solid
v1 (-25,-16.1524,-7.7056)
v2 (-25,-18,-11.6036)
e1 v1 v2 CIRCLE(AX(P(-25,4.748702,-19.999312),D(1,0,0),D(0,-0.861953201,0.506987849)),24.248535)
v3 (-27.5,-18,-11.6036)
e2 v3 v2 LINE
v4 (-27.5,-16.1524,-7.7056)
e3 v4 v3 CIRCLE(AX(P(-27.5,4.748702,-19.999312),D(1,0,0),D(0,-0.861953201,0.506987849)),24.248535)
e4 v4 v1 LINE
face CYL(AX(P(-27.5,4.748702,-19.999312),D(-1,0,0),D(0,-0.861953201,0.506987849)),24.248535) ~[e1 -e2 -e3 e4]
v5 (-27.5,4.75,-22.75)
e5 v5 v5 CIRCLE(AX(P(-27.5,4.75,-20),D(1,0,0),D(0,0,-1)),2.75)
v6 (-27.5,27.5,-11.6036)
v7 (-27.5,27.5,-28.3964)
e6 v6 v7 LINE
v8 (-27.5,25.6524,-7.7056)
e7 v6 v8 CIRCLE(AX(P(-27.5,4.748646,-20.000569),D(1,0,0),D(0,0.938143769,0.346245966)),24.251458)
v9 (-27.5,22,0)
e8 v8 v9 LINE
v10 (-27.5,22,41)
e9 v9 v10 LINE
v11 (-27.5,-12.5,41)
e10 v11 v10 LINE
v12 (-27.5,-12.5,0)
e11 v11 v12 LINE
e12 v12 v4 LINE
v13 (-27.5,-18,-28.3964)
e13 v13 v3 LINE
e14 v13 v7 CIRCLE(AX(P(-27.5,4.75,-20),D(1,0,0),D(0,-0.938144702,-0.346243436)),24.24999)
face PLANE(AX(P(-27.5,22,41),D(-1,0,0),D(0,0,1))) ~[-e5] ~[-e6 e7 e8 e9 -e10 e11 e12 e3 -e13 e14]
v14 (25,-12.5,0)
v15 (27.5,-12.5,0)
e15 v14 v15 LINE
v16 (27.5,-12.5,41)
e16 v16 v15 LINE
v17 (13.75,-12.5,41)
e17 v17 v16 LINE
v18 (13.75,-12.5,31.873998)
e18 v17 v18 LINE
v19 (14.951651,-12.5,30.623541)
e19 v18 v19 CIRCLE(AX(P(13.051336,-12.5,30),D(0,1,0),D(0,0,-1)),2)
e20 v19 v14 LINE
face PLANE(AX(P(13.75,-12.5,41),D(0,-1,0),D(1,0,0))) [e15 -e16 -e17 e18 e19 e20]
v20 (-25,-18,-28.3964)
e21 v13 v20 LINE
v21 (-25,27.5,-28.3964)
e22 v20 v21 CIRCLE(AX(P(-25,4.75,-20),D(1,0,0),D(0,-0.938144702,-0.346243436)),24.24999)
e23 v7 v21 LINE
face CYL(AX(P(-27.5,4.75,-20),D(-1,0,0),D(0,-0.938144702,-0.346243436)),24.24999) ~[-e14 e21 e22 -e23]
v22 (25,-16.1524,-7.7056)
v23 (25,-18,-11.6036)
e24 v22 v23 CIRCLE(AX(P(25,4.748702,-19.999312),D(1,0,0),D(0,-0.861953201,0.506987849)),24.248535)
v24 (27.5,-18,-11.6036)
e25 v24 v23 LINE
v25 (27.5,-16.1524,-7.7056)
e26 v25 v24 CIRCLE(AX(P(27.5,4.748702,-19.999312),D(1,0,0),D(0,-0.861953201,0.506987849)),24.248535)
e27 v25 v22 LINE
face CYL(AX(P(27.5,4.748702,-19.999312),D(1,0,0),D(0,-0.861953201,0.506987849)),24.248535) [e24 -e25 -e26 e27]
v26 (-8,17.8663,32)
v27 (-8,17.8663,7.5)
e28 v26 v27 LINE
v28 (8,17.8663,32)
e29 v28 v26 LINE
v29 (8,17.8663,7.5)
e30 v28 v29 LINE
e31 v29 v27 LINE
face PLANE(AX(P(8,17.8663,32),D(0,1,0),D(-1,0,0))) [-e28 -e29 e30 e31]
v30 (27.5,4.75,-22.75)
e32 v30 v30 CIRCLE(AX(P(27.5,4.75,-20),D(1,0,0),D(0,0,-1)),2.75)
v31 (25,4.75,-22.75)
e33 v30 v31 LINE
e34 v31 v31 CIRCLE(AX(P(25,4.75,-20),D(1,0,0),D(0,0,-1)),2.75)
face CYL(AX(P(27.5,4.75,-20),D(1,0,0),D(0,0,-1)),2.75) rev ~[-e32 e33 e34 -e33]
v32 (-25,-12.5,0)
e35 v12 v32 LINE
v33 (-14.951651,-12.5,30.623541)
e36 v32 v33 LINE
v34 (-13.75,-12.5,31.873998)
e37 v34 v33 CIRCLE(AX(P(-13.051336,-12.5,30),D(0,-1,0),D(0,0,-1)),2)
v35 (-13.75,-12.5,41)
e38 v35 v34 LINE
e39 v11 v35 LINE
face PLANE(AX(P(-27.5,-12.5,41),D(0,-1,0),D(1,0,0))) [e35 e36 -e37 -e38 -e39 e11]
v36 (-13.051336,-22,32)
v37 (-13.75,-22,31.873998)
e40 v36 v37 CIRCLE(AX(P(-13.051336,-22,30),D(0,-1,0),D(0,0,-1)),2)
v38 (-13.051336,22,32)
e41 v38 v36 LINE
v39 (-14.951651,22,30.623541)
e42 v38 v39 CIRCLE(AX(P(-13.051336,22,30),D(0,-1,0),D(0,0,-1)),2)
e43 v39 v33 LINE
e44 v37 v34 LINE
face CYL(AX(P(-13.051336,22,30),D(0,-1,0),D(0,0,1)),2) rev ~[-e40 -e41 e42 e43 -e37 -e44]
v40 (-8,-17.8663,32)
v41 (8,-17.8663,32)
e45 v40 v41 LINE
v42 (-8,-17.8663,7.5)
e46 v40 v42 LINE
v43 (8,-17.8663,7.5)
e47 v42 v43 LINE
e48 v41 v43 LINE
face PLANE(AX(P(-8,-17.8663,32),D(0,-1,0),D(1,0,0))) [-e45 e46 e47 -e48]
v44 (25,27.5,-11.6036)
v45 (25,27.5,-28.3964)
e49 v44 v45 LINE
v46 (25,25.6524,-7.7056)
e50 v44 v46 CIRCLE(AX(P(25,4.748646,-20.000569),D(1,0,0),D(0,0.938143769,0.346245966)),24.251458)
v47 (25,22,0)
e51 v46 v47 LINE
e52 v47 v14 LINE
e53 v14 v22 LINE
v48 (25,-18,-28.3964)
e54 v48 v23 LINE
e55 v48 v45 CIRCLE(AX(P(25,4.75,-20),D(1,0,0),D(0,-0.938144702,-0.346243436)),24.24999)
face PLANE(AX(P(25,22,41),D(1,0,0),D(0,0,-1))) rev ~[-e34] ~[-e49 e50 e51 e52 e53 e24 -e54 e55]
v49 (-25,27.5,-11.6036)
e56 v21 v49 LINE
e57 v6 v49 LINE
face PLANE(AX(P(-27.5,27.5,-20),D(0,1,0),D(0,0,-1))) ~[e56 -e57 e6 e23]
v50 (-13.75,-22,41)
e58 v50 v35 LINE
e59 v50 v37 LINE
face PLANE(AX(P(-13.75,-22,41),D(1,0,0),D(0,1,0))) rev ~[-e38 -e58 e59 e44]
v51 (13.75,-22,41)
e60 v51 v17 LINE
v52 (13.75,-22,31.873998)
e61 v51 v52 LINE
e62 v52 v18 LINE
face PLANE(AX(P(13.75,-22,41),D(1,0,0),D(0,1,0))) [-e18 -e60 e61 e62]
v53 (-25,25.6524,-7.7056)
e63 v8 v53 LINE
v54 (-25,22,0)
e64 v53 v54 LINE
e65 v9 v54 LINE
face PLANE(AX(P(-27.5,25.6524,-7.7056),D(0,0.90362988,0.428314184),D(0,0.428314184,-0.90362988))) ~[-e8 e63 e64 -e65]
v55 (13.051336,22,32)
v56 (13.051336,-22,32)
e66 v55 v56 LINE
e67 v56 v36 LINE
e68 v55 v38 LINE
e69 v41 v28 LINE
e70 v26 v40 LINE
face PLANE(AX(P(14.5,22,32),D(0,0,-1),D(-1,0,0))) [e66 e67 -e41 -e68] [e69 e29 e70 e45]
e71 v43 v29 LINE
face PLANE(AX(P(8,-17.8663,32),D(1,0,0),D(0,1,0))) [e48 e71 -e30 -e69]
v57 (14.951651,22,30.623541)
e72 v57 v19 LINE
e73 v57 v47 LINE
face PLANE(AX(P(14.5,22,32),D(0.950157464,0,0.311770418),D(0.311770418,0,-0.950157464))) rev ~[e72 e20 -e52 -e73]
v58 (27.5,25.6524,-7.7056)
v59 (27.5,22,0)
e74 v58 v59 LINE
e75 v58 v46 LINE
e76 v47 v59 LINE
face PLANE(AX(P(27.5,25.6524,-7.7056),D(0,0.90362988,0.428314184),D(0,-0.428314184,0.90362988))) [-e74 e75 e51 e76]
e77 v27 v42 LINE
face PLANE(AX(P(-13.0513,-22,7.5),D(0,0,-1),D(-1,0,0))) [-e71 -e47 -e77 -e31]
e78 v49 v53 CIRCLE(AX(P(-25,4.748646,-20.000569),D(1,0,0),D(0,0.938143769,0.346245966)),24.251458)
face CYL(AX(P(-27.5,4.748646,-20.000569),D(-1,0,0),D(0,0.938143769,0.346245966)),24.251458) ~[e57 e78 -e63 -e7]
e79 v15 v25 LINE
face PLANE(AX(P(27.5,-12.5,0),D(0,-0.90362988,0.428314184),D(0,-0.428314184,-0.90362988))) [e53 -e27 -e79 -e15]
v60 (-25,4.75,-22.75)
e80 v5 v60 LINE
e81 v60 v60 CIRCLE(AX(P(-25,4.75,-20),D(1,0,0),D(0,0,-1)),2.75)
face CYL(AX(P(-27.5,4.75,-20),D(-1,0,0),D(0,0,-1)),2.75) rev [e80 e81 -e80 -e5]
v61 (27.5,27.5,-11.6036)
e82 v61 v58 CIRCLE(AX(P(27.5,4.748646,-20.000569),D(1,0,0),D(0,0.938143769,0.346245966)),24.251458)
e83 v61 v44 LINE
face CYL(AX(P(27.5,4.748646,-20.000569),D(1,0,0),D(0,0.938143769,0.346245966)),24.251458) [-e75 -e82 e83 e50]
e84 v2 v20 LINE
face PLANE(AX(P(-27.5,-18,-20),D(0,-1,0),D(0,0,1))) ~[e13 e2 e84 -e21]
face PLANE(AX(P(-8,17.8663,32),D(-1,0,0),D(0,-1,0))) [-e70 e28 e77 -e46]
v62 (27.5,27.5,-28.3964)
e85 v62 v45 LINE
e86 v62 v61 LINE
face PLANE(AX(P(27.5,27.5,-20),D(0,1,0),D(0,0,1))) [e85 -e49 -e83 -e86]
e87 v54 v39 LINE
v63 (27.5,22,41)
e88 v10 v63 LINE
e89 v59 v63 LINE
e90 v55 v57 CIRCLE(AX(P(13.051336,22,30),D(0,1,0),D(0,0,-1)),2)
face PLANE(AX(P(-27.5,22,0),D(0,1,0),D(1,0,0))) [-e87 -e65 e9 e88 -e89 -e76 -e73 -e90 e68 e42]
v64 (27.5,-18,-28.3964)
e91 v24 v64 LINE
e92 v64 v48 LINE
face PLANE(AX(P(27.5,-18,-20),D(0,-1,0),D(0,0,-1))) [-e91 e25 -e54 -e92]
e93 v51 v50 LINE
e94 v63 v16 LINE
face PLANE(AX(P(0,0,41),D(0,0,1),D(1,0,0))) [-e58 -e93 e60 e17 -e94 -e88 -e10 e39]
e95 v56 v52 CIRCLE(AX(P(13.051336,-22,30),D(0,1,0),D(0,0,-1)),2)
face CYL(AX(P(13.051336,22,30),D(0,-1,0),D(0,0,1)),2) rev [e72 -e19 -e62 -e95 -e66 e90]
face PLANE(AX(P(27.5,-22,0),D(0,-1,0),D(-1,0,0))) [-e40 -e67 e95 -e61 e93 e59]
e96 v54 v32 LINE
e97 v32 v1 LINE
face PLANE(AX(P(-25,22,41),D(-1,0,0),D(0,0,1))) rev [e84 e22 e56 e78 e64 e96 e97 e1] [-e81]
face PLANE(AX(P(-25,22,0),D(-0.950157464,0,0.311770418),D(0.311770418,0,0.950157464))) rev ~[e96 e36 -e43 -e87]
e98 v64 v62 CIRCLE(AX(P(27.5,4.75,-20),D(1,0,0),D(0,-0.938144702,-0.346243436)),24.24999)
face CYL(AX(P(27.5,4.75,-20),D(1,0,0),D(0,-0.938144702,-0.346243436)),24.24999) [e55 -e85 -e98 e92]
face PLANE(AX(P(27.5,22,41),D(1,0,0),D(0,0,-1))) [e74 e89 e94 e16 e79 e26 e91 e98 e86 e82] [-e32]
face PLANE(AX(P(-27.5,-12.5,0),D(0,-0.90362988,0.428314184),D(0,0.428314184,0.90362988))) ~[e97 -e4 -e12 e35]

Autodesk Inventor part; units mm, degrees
sketch "Sketch1" plane through (0, 0, 0) normal (0, 0, 1) x (1, 0, 0)
  line L0 (-27.5, 22) -> (27.5, 22)
  line L1 (27.5, 22) -> (27.5, -22)
  line L2 (27.5, -22) -> (-27.5, -22)
  line L3 (-27.5, -22) -> (-27.5, 22)
  line L4 (-27.5, 22) -> (27.5, -22) construction
  line L5 (27.5, 22) -> (-27.5, -22) construction
  point P0 (0, 0)
  dimension "d0" = 55
  dimension "d1" = 44
extrude "Extrusion1" add sketch "Sketch1" along normal blind 41
ref_plane "Work Plane2" through (-27.5, 22, 41) normal (0, 1, 0) x (1, 0, 0)
sketch "Sketch4" plane through (-27.5, 22, 41) normal (0, 1, 0) x (1, 0, 0)
  line L0 (42, 9) -> (13, 9)
  line L1 (2.5, 41) -> (13, 9)
  line L2 (42, 9) -> (52.5, 41)
  line L3 (2.5, 41) -> (52.5, 41)
  point P0 (27.5, 41)
  point P1 (55, 41)
extrude "Extrusion2" cut sketch "Sketch4" against normal blind 44
ref_plane "Work Plane4" through (-27.5, 22, 41) normal (0, 0, 1) x (1, 0, 0)
sketch "Sketch6" plane through (-27.5, 22, 41) normal (0, 0, 1) x (1, 0, 0)
  line L0 (0, 0) -> (0, -44) projected
  line L1 (0, -44) -> (0, -34.5)
  line L2 (55, -34.5) -> (55, -44)
  line L3 (13.75, -44) -> (13.75, -34.5)
  line L4 (41.25, -44) -> (41.25, -34.5)
  line L5 (0, -34.5) -> (13.75, -34.5)
  line L6 (41.25, -34.5) -> (55, -34.5)
  line L7 (55, -44) -> (41.25, -44)
  line L8 (13.75, -44) -> (0, -44)
  point P0 (27.5, -22)
extrude "Extrusion3" cut sketch "Sketch6" against normal blind 44
fillet "Fillet1" radius 2 1 edges at (14.5, 4.75, 32)
fillet "Fillet2" radius 2 1 edges at (-14.5, 4.75, 32)
sketch "Sketch7" plane through (27.5, 22, 41) normal (1, 0, 0) x (0, 0, -1)
  line L0 (41, 0) -> (41, -34.5)
  line L1 (61, 5.5) -> (52.6036, 5.5)
  line L2 (61, 5.5) -> (69.3964, 5.5)
  line L3 (61, -40) -> (52.6036, -40)
  line L4 (61, -40) -> (69.3964, -40)
  circle A0 centre (61, -17.25) radius 2.75
  line L5 (48.7056, 3.6524) -> (41, 0)
  line L6 (41, -34.5) -> (48.7056, -38.1524)
  arc A1 (69.3964, -40) -> (69.3964, 5.5) centre (61, -17.25) ccw
  arc A2 (52.6036, 5.5) -> (48.7056, 3.6524) centre (61, -17.25) ccw
  arc A3 (48.7056, -38.1524) -> (52.6036, -40) centre (61, -17.25) ccw
  line L7 (41, 0) -> (41, -34.5) projected
  point P0 (0, -22)
  dimension "d25" = 5.5
ref_plane "Work Plane6" through (0, -22, 32) normal (1, 0, 0) x (0, 1, 0)
extrude "Extrusion4" add sketch "Sketch7" against normal blind 2.5
mirror "Mirror1" about plane through (0, -22, 32) normal (1, 0, 0) of "Extrusion4"
sketch "Sketch14" plane through (0, -22, 32) normal (1, 0, 0) x (0, 1, 0)
  point P0 (22, -32)
ref_plane "Work Plane11" through (-13.0513, -22, 32) normal (0, 0, -1) x (-1, 0, 0)
sketch "Sketch15" plane through (-13.0513, -22, 32) normal (0, 0, -1) x (-1, 0, 0)
  line L0 (-21.0513, 39.8663) -> (-5.0513, 39.8663)
  line L1 (-5.0513, 39.8663) -> (-5.0513, 4.1337)
  line L2 (-5.0513, 4.1337) -> (-21.0513, 4.1337)
  line L3 (-21.0513, 4.1337) -> (-21.0513, 39.8663)
  line L4 (-21.0513, 39.8663) -> (-5.0513, 4.1337) construction
  line L5 (-5.0513, 39.8663) -> (-21.0513, 4.1337) construction
  point P0 (-13.0513, 22)
  dimension "d49" = 16
extrude "Extrusion8" add sketch "Sketch15" along normal blind 24.5
sketch "Sketch10" plane through (27.5, 22, 41) normal (0, 0, 1) x (1, 0, 0)
  line L0 (-52, -17.25) -> (-52, -10.25)
  line L1 (-52, -17.25) -> (-52, -24.25)
  line L2 (-52, -10.25) -> (-47.299, -10.25)
  line L3 (-52, -24.25) -> (-47.299, -24.25)
  line L4 (-3, -17.25) -> (-3, -10.25)
  line L5 (-3, -17.25) -> (-3, -24.25)
  line L6 (-3, -10.25) -> (-7.701, -10.25)
  line L7 (-3, -24.25) -> (-7.701, -24.25)
  arc A0 (-47.299, -24.25) -> (-7.701, -24.25) centre (-27.5, -17.25) ccw
  arc A1 (-7.701, -10.25) -> (-47.299, -10.25) centre (-27.5, -17.25) ccw
  circle A2 centre (-27.5, -17.25) radius 2.75
  point P0 (-27.5, -22)
  point P1 (-55, 0)
  dimension "d35" = 5.5
sketch "Sketch11" plane through (-24.5, 11.75, 43.5) normal (0, 0, 1) x (1, 0, 0)
  line L0 (0, 0) -> (49, 0)
  line L1 (49, 0) -> (49, -5)
  line L2 (49, -5) -> (0, -5)
  line L3 (0, -5) -> (0, 0)
  point P0 (24.5, -11.75)
  dimension "d39" = 5
sketch "Sketch13" plane through (-24.5, 6.75, 81.5) normal (0, -1, 0) x (1, 0, 0)
  line L0 (49, 0) -> (64, 0)
  line L1 (49, -38) -> (26.3875, -38) projected
  line L2 (49, 0) -> (49, -38)
  line L3 (64, 0) -> (49, -38)
  line L4 (0, -40.5) -> (0, 0) projected
  line L5 (0, 0) -> (-15, 0)
  line L6 (0, -38) -> (4.701, -38) projected
  line L7 (-15, 0) -> (0, -38)
  line L8 (0, -38) -> (0, 0)
  point P0 (24.5, -81.5)
  dimension "d45" = 15
  dimension "d46" = 15
properties part number "hand"
